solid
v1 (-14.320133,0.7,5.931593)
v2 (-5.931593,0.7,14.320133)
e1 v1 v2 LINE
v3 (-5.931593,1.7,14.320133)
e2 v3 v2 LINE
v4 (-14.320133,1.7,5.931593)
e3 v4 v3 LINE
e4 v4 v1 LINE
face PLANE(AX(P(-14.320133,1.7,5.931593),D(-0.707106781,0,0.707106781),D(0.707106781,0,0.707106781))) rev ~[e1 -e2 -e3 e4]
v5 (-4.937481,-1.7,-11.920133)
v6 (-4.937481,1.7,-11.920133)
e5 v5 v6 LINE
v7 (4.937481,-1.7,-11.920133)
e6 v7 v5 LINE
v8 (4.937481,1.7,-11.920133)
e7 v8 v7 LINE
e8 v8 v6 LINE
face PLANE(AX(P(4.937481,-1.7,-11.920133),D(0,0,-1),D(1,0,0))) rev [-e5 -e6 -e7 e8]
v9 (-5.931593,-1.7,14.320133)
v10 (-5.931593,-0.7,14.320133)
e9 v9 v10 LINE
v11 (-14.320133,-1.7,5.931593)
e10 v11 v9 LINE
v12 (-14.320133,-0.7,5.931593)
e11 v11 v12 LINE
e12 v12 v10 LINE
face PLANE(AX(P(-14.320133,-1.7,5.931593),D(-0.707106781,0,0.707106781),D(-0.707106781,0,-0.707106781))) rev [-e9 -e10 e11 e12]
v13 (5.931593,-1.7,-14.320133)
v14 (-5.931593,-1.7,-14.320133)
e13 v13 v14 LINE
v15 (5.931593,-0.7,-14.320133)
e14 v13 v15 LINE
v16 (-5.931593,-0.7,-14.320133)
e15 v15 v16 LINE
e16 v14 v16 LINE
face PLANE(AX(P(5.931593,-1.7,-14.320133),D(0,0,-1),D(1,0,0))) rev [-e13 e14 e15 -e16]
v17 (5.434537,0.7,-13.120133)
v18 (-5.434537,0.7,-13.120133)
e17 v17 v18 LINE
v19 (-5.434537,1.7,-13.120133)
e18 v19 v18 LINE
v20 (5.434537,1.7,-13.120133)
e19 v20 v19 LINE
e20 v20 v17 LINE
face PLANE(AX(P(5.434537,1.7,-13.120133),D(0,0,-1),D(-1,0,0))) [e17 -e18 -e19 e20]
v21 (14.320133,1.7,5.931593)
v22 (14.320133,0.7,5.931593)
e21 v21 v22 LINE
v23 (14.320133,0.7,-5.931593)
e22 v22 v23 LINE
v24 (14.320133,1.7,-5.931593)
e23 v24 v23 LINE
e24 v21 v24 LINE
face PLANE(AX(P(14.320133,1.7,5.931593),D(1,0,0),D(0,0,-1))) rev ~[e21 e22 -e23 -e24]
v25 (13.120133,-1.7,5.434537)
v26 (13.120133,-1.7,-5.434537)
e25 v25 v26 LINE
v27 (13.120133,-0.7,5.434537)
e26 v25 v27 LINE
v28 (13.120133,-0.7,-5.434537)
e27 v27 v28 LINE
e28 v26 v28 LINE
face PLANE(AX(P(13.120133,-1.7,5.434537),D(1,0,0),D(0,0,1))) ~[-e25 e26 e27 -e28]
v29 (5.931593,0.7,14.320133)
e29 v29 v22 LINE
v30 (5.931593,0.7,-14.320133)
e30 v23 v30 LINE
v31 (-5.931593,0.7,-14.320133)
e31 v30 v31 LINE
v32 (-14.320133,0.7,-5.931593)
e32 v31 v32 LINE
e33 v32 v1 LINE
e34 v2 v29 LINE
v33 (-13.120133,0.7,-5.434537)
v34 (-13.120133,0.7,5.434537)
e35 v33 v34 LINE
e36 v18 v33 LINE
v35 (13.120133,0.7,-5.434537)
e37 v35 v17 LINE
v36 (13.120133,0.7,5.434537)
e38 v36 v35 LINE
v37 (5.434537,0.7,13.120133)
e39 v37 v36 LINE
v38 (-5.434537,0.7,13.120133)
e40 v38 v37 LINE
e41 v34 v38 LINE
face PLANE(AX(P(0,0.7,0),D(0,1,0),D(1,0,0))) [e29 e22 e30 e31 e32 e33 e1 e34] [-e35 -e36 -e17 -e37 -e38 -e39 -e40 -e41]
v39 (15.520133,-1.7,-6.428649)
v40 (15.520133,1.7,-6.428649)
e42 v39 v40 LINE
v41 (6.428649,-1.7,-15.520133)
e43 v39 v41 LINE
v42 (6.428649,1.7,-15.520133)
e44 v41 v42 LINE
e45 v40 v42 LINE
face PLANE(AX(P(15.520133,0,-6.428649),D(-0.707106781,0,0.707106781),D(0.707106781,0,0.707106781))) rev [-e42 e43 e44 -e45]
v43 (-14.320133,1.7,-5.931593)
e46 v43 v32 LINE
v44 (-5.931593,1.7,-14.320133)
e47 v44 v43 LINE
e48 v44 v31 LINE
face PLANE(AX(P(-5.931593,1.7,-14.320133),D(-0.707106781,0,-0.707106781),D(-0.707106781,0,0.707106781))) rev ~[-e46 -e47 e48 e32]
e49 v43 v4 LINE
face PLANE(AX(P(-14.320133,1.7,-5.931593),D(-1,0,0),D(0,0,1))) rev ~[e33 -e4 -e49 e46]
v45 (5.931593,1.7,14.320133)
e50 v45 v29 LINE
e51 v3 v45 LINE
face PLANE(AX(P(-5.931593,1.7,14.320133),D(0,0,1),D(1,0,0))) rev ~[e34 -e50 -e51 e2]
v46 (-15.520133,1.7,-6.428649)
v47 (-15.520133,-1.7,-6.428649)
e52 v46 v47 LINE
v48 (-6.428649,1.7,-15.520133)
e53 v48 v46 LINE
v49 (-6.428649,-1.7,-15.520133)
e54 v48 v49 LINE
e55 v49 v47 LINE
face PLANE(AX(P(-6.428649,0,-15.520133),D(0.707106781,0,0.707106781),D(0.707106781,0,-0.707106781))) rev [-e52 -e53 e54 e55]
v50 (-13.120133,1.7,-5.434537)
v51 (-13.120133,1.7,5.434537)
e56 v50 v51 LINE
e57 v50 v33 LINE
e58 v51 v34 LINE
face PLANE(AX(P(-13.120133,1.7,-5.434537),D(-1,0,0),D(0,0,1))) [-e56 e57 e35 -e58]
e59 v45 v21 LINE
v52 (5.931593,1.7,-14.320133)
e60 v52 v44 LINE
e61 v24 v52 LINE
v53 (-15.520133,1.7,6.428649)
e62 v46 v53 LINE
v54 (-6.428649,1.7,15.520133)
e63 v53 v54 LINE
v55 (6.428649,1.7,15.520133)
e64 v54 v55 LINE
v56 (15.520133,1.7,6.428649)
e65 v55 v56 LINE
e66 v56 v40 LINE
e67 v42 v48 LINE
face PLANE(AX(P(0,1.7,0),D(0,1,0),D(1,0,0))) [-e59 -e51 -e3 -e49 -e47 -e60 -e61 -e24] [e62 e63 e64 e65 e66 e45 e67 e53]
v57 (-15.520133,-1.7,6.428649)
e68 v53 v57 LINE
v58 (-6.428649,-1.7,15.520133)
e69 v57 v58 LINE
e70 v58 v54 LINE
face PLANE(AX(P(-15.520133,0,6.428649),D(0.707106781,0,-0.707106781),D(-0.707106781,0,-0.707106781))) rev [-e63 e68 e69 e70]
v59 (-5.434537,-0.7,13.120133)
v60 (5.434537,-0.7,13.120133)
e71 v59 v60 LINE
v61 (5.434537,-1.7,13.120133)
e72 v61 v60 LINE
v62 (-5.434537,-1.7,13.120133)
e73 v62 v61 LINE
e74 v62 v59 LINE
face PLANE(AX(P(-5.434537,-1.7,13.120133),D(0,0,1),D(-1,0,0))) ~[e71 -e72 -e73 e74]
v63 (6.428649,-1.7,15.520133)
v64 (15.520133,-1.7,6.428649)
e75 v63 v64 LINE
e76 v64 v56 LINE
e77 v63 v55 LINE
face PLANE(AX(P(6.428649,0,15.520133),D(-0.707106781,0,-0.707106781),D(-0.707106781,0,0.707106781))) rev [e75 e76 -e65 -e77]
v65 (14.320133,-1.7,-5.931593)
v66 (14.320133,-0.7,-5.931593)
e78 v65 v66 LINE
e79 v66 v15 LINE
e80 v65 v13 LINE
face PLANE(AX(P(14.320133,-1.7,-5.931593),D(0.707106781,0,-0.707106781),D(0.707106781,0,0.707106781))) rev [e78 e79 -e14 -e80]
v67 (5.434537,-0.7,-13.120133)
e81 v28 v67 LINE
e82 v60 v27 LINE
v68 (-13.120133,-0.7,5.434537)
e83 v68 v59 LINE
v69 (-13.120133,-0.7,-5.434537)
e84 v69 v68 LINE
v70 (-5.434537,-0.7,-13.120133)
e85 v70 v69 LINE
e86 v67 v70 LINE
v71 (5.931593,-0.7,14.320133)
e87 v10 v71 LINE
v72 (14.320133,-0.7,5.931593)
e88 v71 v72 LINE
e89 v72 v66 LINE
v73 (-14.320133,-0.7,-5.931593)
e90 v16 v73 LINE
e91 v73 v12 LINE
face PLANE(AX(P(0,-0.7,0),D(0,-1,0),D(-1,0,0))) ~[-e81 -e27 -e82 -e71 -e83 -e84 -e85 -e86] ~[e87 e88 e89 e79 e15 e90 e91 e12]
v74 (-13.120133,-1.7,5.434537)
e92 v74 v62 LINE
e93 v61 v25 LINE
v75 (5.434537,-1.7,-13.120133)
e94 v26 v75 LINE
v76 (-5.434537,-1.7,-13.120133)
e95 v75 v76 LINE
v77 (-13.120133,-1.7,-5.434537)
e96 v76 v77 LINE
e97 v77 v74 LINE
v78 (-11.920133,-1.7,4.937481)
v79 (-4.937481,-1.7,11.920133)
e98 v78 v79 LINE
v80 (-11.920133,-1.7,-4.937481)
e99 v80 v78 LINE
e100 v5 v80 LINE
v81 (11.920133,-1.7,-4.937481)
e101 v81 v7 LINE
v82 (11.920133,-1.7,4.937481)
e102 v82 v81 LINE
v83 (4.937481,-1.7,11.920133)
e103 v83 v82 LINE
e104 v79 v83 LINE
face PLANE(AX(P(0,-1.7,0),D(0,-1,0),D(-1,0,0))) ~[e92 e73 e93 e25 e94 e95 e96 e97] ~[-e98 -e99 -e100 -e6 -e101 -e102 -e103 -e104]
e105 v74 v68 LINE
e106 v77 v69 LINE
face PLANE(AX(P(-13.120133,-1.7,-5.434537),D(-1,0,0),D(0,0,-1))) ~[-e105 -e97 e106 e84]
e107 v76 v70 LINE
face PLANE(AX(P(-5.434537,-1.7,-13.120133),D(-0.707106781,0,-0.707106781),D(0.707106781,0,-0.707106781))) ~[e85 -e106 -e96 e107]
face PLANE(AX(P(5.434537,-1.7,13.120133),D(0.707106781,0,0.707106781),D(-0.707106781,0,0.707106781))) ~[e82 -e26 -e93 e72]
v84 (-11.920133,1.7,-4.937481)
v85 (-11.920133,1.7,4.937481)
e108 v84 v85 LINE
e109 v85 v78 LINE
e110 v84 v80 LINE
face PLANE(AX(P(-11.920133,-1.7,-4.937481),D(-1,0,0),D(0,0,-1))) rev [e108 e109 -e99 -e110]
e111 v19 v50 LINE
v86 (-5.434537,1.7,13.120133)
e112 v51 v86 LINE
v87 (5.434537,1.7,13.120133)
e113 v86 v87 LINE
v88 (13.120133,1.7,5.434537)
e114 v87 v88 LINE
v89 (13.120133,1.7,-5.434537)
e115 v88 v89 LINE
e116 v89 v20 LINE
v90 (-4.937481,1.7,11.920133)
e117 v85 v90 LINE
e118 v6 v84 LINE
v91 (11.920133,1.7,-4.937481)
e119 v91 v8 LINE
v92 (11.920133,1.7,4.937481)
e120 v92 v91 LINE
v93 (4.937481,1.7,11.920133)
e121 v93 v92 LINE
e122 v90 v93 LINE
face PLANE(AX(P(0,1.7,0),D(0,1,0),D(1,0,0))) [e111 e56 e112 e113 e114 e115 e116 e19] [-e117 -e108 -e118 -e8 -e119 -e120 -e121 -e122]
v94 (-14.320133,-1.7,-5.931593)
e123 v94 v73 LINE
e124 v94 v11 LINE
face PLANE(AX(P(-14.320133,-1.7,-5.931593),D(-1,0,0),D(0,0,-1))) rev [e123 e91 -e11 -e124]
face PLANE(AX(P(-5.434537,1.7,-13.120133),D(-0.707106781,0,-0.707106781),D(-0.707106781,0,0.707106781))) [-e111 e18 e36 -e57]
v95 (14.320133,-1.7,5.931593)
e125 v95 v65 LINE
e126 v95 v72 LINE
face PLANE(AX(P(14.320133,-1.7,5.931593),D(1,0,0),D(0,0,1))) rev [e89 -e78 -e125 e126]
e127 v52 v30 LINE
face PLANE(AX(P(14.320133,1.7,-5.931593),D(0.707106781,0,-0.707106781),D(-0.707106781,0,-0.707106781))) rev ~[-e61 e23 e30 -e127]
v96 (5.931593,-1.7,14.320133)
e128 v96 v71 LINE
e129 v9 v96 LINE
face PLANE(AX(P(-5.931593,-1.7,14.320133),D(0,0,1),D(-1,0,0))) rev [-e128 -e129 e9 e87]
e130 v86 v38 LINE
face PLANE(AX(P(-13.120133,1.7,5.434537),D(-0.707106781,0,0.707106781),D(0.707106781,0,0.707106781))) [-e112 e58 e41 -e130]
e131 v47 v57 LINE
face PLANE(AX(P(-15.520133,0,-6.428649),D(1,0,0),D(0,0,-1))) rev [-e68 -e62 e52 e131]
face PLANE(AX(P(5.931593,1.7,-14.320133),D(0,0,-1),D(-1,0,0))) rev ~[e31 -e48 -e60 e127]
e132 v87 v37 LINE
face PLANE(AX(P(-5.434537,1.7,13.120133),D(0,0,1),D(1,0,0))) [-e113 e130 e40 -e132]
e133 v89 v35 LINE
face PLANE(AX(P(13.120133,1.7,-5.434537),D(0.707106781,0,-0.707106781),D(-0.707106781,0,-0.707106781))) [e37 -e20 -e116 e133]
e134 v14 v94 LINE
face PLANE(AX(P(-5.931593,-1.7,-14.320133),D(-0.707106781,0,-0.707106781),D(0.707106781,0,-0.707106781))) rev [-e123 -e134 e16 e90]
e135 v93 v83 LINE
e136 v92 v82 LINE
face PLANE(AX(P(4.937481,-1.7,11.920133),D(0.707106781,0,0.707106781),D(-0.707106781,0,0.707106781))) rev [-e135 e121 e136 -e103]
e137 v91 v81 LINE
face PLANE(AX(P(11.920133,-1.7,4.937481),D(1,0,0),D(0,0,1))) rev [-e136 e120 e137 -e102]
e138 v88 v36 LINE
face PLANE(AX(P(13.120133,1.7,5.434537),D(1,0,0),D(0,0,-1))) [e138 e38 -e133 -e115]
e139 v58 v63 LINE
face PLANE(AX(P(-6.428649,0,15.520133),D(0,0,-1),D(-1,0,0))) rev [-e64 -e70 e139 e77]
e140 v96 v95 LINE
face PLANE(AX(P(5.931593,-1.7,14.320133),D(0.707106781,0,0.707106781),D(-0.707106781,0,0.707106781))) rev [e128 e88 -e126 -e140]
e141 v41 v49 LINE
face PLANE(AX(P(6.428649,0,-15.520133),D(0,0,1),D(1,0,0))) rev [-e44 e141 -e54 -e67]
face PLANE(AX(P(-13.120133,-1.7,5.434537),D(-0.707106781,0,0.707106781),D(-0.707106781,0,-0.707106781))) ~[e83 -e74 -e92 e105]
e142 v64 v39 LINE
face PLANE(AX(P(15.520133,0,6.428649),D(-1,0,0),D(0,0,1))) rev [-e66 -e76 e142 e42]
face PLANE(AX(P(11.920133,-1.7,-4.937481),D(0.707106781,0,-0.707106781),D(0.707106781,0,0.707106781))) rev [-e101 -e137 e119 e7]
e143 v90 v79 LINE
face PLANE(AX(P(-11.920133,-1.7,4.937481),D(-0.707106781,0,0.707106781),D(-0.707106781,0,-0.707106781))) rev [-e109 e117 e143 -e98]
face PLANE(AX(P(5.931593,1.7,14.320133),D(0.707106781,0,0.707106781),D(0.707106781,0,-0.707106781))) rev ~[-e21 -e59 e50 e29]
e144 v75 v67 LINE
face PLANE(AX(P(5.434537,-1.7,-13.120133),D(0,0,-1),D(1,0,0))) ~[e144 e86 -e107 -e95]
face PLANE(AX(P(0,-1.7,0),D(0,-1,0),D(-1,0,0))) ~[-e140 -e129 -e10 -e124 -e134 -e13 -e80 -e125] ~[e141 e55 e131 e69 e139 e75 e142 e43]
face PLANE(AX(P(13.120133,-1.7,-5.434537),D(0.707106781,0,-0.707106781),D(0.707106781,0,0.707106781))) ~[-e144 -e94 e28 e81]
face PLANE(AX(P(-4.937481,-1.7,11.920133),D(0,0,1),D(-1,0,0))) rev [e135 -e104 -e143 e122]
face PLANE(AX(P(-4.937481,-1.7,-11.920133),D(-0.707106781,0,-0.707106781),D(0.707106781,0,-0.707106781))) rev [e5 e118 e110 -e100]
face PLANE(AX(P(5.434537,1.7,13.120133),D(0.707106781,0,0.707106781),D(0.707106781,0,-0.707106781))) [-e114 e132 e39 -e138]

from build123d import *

# Parameters (mm, degrees)
EXTRUDE_1_DEPTH     = 1.7
CUT_EXTRUDE_3_DEPTH = 1
CUT_EXTRUDE_4_DEPTH = 2.7


with BuildPart() as part:
    # 스케치1 → 보스-돌출1 (new body)
    with BuildSketch(Plane(origin=(0, 0, 0), x_dir=(1, 0, 0), z_dir=(0, 1, 0))):
        Polygon((-15.520132754, -6.428649477), (-6.428649477, -15.520132754), (6.428649477, -15.520132754), (15.520132754, -6.428649477), (15.520132754, 6.428649477), (6.428649477, 15.520132754), (-6.428649477, 15.520132754), (-15.520132754, 6.428649477), align=None)
        Polygon((-5.931593202, -14.320132754), (5.931593202, -14.320132754), (14.320132754, -5.931593202), (14.320132754, 5.931593202), (5.931593202, 14.320132754), (-5.931593202, 14.320132754), (-14.320132754, 5.931593202), (-14.320132754, -5.931593202), align=None, mode=Mode.SUBTRACT)
        Polygon((-14.320132754, -5.931593202), (-5.931593202, -14.320132754), (5.931593202, -14.320132754), (14.320132754, -5.931593202), (14.320132754, 5.931593202), (5.931593202, 14.320132754), (-5.931593202, 14.320132754), (-14.320132754, 5.931593202), align=None)
        Polygon((-5.434536927, -13.120132754), (5.434536927, -13.120132754), (13.120132754, -5.434536927), (13.120132754, 5.434536927), (5.434536927, 13.120132754), (-5.434536927, 13.120132754), (-13.120132754, 5.434536927), (-13.120132754, -5.434536927), align=None, mode=Mode.SUBTRACT)
        Polygon((-13.120132754, -5.434536927), (-5.434536927, -13.120132754), (5.434536927, -13.120132754), (13.120132754, -5.434536927), (13.120132754, 5.434536927), (5.434536927, 13.120132754), (-5.434536927, 13.120132754), (-13.120132754, 5.434536927), align=None)
    extrude_1 = extrude(amount=EXTRUDE_1_DEPTH)

    # 스케치2 → 컷-돌출3 (cut)
    with BuildSketch(Plane(origin=(0, 1.7, 0), x_dir=(1, 0, 0), z_dir=(0, 1, 0))):
        Polygon((-14.320132754, -5.931593202), (-5.931593202, -14.320132754), (5.931593202, -14.320132754), (14.320132754, -5.931593202), (14.320132754, 5.931593202), (5.931593202, 14.320132754), (-5.931593202, 14.320132754), (-14.320132754, 5.931593202), align=None)
        Polygon((-13.120132754, -5.434536927), (-5.434536927, -13.120132754), (5.434536927, -13.120132754), (13.120132754, -5.434536927), (13.120132754, 5.434536927), (5.434536927, 13.120132754), (-5.434536927, 13.120132754), (-13.120132754, 5.434536927), align=None, mode=Mode.SUBTRACT)
    cut_extrude_3 = extrude(amount=-CUT_EXTRUDE_3_DEPTH, mode=Mode.SUBTRACT)

    # 스케치3 → 컷-돌출4 (cut, through all)
    with BuildSketch(Plane(origin=(0, 1.7, 0), x_dir=(1, 0, 0), z_dir=(0, 1, 0))):
        Polygon((-4.937480652, 11.920132754), (-11.920132754, 4.937480652), (-11.920132754, -4.937480652), (-4.937480652, -11.920132754), (4.937480652, -11.920132754), (11.920132754, -4.937480652), (11.920132754, 4.937480652), (4.937480652, 11.920132754), align=None)
    cut_extrude_4 = extrude(amount=-CUT_EXTRUDE_4_DEPTH, mode=Mode.SUBTRACT)

    # 대칭 복사1: 보스-돌출1, 컷-돌출3, 컷-돌출4 across plane
    add(extrude_1.mirror(Plane.ZX))
    add(cut_extrude_3.mirror(Plane.ZX), mode=Mode.SUBTRACT)
    add(cut_extrude_4.mirror(Plane.ZX), mode=Mode.SUBTRACT)


solid = part.part
